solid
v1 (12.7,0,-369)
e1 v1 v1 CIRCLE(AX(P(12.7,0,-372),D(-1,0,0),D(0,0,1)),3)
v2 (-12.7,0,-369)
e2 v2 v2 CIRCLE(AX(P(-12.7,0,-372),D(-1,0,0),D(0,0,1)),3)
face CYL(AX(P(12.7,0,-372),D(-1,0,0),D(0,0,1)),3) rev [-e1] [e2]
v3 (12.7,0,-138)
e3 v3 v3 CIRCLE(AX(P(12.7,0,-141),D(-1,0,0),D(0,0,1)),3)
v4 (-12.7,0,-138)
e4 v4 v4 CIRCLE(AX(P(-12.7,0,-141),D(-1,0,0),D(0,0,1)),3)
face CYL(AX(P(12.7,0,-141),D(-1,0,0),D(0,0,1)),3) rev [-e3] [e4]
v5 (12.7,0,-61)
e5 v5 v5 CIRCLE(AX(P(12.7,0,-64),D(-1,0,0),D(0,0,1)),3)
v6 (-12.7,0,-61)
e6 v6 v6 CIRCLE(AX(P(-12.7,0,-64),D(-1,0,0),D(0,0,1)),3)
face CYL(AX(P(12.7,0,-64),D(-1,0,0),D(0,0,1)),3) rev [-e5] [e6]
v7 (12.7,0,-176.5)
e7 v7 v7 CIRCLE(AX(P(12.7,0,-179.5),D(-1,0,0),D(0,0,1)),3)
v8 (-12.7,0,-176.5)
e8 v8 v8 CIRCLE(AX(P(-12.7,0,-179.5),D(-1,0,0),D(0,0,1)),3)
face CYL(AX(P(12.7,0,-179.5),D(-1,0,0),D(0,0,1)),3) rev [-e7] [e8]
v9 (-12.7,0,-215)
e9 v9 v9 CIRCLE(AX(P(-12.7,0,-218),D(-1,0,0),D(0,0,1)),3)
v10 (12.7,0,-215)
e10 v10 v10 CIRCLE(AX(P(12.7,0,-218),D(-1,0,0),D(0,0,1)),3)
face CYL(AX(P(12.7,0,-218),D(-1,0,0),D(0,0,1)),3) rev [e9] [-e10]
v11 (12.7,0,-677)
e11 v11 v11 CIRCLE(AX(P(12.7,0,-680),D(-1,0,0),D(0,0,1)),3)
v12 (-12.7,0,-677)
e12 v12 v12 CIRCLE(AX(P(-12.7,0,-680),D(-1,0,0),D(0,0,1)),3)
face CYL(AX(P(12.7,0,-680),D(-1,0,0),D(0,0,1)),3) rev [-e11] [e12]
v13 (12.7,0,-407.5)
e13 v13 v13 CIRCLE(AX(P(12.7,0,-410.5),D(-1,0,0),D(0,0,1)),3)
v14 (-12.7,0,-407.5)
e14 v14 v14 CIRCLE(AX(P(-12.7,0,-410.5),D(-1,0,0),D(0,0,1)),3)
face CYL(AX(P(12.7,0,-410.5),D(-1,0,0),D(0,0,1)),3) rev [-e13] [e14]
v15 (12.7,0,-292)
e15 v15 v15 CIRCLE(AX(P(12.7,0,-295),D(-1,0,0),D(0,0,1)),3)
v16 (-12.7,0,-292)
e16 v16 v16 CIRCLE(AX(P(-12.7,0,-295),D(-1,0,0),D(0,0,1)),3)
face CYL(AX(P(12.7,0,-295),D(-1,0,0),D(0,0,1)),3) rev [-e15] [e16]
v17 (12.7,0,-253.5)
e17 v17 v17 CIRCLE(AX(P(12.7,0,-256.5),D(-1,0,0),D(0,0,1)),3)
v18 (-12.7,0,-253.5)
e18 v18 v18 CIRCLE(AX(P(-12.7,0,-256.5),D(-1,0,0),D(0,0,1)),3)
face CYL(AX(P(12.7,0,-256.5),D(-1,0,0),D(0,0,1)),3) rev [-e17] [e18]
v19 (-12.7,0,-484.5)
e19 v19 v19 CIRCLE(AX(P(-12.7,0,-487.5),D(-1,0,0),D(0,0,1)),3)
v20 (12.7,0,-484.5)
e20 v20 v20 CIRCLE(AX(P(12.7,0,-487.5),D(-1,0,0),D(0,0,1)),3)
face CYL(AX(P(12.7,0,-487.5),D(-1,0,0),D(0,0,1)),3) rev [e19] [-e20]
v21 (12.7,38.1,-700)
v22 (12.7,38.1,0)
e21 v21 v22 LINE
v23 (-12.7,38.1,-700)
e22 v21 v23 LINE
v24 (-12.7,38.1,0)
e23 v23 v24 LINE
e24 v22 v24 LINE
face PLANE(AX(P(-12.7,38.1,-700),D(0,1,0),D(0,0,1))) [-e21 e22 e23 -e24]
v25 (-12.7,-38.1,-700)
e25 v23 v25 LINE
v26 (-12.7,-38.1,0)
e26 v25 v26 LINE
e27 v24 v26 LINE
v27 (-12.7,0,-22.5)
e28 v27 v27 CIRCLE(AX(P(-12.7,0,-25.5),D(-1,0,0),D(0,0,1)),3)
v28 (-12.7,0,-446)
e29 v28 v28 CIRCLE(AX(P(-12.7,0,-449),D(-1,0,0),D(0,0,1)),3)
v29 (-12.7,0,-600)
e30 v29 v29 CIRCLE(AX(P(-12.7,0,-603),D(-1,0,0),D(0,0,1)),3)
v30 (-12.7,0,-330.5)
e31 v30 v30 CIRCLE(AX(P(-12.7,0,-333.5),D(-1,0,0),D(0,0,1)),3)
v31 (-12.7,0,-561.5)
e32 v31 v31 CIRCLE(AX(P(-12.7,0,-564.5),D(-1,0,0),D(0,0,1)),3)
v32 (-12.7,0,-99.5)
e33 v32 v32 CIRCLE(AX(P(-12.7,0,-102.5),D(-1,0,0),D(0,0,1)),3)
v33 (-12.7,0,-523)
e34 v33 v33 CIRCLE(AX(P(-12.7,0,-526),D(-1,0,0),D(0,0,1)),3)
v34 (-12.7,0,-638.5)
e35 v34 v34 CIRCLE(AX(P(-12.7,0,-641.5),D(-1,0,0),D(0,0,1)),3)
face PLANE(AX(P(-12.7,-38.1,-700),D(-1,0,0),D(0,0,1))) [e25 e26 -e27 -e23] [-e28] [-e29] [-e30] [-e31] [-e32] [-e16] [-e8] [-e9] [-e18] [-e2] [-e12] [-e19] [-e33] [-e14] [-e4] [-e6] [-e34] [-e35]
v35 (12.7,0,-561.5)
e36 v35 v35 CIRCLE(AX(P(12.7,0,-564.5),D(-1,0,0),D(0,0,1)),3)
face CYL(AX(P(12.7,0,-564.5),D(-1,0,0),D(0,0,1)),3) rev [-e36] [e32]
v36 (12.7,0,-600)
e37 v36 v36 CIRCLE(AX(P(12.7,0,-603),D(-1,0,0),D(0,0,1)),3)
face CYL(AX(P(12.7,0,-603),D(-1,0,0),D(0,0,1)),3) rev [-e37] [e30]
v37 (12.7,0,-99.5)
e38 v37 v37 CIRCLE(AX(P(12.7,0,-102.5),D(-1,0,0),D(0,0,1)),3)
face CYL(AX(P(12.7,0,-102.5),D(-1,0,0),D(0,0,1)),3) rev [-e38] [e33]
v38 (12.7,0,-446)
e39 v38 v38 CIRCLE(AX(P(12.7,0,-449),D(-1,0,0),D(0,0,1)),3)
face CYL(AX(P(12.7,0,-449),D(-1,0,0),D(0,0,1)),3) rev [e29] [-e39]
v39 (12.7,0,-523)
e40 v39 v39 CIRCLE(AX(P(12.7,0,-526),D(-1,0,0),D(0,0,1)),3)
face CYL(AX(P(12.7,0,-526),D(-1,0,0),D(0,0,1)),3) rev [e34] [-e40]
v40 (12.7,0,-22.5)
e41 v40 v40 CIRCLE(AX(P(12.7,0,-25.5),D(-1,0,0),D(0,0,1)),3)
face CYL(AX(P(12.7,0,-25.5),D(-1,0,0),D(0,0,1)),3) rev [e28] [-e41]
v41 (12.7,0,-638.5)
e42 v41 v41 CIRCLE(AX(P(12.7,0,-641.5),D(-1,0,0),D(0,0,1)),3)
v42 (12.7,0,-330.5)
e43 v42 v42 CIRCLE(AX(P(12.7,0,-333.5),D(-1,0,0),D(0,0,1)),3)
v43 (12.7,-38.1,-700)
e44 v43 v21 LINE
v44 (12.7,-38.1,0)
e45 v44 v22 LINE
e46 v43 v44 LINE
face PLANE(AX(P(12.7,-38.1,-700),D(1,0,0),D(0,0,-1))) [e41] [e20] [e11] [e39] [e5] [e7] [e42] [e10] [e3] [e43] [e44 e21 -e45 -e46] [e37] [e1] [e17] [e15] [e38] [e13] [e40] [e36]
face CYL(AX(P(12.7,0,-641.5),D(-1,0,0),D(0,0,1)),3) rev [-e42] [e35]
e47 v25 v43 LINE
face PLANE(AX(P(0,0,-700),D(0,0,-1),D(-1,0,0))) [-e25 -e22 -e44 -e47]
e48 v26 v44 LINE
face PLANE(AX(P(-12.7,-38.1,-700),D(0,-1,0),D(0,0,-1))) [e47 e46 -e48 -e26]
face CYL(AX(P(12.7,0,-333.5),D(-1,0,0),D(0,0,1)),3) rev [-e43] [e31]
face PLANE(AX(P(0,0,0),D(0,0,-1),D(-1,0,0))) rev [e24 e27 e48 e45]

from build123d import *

# Parameters (mm, degrees)
CROQUIS2_W              = 25.4
CROQUIS2_H              = 76.2
SALIENTE_EXTRUIR1_DEPTH = 700
CROQUIS3_R              = 3
CORTAR_EXTRUIR1_DEPTH   = 26.4


with BuildPart() as part:
    # Croquis2 → Saliente-Extruir1 (new body)
    with BuildSketch(Plane.XY):
        Rectangle(CROQUIS2_W, CROQUIS2_H)
    extrude(amount=-SALIENTE_EXTRUIR1_DEPTH)

    # Croquis3 → Cortar-Extruir1 (cut, through all)
    with BuildSketch(Plane.ZY.offset(12.7)):
        with Locations((-680, 0)):
            Circle(CROQUIS3_R)
        with Locations((-641.5, 0)):
            Circle(CROQUIS3_R)
        with Locations((-603, 0)):
            Circle(CROQUIS3_R)
        with Locations((-564.5, 0)):
            Circle(CROQUIS3_R)
        with Locations((-526, 0)):
            Circle(CROQUIS3_R)
        with Locations((-487.5, 0)):
            Circle(CROQUIS3_R)
        with Locations((-449, 0)):
            Circle(CROQUIS3_R)
        with Locations((-410.5, 0)):
            Circle(CROQUIS3_R)
        with Locations((-372, 0)):
            Circle(CROQUIS3_R)
        with Locations((-333.5, 0)):
            Circle(CROQUIS3_R)
        with Locations((-295, 0)):
            Circle(CROQUIS3_R)
        with Locations((-256.5, 0)):
            Circle(CROQUIS3_R)
        with Locations((-218, 0)):
            Circle(CROQUIS3_R)
        with Locations((-179.5, 0)):
            Circle(CROQUIS3_R)
        with Locations((-141, 0)):
            Circle(CROQUIS3_R)
        with Locations((-102.5, 0)):
            Circle(CROQUIS3_R)
        with Locations((-64, 0)):
            Circle(CROQUIS3_R)
        with Locations((-25.5, 0)):
            Circle(CROQUIS3_R)
    extrude(amount=-CORTAR_EXTRUIR1_DEPTH, mode=Mode.SUBTRACT)


solid = part.part
